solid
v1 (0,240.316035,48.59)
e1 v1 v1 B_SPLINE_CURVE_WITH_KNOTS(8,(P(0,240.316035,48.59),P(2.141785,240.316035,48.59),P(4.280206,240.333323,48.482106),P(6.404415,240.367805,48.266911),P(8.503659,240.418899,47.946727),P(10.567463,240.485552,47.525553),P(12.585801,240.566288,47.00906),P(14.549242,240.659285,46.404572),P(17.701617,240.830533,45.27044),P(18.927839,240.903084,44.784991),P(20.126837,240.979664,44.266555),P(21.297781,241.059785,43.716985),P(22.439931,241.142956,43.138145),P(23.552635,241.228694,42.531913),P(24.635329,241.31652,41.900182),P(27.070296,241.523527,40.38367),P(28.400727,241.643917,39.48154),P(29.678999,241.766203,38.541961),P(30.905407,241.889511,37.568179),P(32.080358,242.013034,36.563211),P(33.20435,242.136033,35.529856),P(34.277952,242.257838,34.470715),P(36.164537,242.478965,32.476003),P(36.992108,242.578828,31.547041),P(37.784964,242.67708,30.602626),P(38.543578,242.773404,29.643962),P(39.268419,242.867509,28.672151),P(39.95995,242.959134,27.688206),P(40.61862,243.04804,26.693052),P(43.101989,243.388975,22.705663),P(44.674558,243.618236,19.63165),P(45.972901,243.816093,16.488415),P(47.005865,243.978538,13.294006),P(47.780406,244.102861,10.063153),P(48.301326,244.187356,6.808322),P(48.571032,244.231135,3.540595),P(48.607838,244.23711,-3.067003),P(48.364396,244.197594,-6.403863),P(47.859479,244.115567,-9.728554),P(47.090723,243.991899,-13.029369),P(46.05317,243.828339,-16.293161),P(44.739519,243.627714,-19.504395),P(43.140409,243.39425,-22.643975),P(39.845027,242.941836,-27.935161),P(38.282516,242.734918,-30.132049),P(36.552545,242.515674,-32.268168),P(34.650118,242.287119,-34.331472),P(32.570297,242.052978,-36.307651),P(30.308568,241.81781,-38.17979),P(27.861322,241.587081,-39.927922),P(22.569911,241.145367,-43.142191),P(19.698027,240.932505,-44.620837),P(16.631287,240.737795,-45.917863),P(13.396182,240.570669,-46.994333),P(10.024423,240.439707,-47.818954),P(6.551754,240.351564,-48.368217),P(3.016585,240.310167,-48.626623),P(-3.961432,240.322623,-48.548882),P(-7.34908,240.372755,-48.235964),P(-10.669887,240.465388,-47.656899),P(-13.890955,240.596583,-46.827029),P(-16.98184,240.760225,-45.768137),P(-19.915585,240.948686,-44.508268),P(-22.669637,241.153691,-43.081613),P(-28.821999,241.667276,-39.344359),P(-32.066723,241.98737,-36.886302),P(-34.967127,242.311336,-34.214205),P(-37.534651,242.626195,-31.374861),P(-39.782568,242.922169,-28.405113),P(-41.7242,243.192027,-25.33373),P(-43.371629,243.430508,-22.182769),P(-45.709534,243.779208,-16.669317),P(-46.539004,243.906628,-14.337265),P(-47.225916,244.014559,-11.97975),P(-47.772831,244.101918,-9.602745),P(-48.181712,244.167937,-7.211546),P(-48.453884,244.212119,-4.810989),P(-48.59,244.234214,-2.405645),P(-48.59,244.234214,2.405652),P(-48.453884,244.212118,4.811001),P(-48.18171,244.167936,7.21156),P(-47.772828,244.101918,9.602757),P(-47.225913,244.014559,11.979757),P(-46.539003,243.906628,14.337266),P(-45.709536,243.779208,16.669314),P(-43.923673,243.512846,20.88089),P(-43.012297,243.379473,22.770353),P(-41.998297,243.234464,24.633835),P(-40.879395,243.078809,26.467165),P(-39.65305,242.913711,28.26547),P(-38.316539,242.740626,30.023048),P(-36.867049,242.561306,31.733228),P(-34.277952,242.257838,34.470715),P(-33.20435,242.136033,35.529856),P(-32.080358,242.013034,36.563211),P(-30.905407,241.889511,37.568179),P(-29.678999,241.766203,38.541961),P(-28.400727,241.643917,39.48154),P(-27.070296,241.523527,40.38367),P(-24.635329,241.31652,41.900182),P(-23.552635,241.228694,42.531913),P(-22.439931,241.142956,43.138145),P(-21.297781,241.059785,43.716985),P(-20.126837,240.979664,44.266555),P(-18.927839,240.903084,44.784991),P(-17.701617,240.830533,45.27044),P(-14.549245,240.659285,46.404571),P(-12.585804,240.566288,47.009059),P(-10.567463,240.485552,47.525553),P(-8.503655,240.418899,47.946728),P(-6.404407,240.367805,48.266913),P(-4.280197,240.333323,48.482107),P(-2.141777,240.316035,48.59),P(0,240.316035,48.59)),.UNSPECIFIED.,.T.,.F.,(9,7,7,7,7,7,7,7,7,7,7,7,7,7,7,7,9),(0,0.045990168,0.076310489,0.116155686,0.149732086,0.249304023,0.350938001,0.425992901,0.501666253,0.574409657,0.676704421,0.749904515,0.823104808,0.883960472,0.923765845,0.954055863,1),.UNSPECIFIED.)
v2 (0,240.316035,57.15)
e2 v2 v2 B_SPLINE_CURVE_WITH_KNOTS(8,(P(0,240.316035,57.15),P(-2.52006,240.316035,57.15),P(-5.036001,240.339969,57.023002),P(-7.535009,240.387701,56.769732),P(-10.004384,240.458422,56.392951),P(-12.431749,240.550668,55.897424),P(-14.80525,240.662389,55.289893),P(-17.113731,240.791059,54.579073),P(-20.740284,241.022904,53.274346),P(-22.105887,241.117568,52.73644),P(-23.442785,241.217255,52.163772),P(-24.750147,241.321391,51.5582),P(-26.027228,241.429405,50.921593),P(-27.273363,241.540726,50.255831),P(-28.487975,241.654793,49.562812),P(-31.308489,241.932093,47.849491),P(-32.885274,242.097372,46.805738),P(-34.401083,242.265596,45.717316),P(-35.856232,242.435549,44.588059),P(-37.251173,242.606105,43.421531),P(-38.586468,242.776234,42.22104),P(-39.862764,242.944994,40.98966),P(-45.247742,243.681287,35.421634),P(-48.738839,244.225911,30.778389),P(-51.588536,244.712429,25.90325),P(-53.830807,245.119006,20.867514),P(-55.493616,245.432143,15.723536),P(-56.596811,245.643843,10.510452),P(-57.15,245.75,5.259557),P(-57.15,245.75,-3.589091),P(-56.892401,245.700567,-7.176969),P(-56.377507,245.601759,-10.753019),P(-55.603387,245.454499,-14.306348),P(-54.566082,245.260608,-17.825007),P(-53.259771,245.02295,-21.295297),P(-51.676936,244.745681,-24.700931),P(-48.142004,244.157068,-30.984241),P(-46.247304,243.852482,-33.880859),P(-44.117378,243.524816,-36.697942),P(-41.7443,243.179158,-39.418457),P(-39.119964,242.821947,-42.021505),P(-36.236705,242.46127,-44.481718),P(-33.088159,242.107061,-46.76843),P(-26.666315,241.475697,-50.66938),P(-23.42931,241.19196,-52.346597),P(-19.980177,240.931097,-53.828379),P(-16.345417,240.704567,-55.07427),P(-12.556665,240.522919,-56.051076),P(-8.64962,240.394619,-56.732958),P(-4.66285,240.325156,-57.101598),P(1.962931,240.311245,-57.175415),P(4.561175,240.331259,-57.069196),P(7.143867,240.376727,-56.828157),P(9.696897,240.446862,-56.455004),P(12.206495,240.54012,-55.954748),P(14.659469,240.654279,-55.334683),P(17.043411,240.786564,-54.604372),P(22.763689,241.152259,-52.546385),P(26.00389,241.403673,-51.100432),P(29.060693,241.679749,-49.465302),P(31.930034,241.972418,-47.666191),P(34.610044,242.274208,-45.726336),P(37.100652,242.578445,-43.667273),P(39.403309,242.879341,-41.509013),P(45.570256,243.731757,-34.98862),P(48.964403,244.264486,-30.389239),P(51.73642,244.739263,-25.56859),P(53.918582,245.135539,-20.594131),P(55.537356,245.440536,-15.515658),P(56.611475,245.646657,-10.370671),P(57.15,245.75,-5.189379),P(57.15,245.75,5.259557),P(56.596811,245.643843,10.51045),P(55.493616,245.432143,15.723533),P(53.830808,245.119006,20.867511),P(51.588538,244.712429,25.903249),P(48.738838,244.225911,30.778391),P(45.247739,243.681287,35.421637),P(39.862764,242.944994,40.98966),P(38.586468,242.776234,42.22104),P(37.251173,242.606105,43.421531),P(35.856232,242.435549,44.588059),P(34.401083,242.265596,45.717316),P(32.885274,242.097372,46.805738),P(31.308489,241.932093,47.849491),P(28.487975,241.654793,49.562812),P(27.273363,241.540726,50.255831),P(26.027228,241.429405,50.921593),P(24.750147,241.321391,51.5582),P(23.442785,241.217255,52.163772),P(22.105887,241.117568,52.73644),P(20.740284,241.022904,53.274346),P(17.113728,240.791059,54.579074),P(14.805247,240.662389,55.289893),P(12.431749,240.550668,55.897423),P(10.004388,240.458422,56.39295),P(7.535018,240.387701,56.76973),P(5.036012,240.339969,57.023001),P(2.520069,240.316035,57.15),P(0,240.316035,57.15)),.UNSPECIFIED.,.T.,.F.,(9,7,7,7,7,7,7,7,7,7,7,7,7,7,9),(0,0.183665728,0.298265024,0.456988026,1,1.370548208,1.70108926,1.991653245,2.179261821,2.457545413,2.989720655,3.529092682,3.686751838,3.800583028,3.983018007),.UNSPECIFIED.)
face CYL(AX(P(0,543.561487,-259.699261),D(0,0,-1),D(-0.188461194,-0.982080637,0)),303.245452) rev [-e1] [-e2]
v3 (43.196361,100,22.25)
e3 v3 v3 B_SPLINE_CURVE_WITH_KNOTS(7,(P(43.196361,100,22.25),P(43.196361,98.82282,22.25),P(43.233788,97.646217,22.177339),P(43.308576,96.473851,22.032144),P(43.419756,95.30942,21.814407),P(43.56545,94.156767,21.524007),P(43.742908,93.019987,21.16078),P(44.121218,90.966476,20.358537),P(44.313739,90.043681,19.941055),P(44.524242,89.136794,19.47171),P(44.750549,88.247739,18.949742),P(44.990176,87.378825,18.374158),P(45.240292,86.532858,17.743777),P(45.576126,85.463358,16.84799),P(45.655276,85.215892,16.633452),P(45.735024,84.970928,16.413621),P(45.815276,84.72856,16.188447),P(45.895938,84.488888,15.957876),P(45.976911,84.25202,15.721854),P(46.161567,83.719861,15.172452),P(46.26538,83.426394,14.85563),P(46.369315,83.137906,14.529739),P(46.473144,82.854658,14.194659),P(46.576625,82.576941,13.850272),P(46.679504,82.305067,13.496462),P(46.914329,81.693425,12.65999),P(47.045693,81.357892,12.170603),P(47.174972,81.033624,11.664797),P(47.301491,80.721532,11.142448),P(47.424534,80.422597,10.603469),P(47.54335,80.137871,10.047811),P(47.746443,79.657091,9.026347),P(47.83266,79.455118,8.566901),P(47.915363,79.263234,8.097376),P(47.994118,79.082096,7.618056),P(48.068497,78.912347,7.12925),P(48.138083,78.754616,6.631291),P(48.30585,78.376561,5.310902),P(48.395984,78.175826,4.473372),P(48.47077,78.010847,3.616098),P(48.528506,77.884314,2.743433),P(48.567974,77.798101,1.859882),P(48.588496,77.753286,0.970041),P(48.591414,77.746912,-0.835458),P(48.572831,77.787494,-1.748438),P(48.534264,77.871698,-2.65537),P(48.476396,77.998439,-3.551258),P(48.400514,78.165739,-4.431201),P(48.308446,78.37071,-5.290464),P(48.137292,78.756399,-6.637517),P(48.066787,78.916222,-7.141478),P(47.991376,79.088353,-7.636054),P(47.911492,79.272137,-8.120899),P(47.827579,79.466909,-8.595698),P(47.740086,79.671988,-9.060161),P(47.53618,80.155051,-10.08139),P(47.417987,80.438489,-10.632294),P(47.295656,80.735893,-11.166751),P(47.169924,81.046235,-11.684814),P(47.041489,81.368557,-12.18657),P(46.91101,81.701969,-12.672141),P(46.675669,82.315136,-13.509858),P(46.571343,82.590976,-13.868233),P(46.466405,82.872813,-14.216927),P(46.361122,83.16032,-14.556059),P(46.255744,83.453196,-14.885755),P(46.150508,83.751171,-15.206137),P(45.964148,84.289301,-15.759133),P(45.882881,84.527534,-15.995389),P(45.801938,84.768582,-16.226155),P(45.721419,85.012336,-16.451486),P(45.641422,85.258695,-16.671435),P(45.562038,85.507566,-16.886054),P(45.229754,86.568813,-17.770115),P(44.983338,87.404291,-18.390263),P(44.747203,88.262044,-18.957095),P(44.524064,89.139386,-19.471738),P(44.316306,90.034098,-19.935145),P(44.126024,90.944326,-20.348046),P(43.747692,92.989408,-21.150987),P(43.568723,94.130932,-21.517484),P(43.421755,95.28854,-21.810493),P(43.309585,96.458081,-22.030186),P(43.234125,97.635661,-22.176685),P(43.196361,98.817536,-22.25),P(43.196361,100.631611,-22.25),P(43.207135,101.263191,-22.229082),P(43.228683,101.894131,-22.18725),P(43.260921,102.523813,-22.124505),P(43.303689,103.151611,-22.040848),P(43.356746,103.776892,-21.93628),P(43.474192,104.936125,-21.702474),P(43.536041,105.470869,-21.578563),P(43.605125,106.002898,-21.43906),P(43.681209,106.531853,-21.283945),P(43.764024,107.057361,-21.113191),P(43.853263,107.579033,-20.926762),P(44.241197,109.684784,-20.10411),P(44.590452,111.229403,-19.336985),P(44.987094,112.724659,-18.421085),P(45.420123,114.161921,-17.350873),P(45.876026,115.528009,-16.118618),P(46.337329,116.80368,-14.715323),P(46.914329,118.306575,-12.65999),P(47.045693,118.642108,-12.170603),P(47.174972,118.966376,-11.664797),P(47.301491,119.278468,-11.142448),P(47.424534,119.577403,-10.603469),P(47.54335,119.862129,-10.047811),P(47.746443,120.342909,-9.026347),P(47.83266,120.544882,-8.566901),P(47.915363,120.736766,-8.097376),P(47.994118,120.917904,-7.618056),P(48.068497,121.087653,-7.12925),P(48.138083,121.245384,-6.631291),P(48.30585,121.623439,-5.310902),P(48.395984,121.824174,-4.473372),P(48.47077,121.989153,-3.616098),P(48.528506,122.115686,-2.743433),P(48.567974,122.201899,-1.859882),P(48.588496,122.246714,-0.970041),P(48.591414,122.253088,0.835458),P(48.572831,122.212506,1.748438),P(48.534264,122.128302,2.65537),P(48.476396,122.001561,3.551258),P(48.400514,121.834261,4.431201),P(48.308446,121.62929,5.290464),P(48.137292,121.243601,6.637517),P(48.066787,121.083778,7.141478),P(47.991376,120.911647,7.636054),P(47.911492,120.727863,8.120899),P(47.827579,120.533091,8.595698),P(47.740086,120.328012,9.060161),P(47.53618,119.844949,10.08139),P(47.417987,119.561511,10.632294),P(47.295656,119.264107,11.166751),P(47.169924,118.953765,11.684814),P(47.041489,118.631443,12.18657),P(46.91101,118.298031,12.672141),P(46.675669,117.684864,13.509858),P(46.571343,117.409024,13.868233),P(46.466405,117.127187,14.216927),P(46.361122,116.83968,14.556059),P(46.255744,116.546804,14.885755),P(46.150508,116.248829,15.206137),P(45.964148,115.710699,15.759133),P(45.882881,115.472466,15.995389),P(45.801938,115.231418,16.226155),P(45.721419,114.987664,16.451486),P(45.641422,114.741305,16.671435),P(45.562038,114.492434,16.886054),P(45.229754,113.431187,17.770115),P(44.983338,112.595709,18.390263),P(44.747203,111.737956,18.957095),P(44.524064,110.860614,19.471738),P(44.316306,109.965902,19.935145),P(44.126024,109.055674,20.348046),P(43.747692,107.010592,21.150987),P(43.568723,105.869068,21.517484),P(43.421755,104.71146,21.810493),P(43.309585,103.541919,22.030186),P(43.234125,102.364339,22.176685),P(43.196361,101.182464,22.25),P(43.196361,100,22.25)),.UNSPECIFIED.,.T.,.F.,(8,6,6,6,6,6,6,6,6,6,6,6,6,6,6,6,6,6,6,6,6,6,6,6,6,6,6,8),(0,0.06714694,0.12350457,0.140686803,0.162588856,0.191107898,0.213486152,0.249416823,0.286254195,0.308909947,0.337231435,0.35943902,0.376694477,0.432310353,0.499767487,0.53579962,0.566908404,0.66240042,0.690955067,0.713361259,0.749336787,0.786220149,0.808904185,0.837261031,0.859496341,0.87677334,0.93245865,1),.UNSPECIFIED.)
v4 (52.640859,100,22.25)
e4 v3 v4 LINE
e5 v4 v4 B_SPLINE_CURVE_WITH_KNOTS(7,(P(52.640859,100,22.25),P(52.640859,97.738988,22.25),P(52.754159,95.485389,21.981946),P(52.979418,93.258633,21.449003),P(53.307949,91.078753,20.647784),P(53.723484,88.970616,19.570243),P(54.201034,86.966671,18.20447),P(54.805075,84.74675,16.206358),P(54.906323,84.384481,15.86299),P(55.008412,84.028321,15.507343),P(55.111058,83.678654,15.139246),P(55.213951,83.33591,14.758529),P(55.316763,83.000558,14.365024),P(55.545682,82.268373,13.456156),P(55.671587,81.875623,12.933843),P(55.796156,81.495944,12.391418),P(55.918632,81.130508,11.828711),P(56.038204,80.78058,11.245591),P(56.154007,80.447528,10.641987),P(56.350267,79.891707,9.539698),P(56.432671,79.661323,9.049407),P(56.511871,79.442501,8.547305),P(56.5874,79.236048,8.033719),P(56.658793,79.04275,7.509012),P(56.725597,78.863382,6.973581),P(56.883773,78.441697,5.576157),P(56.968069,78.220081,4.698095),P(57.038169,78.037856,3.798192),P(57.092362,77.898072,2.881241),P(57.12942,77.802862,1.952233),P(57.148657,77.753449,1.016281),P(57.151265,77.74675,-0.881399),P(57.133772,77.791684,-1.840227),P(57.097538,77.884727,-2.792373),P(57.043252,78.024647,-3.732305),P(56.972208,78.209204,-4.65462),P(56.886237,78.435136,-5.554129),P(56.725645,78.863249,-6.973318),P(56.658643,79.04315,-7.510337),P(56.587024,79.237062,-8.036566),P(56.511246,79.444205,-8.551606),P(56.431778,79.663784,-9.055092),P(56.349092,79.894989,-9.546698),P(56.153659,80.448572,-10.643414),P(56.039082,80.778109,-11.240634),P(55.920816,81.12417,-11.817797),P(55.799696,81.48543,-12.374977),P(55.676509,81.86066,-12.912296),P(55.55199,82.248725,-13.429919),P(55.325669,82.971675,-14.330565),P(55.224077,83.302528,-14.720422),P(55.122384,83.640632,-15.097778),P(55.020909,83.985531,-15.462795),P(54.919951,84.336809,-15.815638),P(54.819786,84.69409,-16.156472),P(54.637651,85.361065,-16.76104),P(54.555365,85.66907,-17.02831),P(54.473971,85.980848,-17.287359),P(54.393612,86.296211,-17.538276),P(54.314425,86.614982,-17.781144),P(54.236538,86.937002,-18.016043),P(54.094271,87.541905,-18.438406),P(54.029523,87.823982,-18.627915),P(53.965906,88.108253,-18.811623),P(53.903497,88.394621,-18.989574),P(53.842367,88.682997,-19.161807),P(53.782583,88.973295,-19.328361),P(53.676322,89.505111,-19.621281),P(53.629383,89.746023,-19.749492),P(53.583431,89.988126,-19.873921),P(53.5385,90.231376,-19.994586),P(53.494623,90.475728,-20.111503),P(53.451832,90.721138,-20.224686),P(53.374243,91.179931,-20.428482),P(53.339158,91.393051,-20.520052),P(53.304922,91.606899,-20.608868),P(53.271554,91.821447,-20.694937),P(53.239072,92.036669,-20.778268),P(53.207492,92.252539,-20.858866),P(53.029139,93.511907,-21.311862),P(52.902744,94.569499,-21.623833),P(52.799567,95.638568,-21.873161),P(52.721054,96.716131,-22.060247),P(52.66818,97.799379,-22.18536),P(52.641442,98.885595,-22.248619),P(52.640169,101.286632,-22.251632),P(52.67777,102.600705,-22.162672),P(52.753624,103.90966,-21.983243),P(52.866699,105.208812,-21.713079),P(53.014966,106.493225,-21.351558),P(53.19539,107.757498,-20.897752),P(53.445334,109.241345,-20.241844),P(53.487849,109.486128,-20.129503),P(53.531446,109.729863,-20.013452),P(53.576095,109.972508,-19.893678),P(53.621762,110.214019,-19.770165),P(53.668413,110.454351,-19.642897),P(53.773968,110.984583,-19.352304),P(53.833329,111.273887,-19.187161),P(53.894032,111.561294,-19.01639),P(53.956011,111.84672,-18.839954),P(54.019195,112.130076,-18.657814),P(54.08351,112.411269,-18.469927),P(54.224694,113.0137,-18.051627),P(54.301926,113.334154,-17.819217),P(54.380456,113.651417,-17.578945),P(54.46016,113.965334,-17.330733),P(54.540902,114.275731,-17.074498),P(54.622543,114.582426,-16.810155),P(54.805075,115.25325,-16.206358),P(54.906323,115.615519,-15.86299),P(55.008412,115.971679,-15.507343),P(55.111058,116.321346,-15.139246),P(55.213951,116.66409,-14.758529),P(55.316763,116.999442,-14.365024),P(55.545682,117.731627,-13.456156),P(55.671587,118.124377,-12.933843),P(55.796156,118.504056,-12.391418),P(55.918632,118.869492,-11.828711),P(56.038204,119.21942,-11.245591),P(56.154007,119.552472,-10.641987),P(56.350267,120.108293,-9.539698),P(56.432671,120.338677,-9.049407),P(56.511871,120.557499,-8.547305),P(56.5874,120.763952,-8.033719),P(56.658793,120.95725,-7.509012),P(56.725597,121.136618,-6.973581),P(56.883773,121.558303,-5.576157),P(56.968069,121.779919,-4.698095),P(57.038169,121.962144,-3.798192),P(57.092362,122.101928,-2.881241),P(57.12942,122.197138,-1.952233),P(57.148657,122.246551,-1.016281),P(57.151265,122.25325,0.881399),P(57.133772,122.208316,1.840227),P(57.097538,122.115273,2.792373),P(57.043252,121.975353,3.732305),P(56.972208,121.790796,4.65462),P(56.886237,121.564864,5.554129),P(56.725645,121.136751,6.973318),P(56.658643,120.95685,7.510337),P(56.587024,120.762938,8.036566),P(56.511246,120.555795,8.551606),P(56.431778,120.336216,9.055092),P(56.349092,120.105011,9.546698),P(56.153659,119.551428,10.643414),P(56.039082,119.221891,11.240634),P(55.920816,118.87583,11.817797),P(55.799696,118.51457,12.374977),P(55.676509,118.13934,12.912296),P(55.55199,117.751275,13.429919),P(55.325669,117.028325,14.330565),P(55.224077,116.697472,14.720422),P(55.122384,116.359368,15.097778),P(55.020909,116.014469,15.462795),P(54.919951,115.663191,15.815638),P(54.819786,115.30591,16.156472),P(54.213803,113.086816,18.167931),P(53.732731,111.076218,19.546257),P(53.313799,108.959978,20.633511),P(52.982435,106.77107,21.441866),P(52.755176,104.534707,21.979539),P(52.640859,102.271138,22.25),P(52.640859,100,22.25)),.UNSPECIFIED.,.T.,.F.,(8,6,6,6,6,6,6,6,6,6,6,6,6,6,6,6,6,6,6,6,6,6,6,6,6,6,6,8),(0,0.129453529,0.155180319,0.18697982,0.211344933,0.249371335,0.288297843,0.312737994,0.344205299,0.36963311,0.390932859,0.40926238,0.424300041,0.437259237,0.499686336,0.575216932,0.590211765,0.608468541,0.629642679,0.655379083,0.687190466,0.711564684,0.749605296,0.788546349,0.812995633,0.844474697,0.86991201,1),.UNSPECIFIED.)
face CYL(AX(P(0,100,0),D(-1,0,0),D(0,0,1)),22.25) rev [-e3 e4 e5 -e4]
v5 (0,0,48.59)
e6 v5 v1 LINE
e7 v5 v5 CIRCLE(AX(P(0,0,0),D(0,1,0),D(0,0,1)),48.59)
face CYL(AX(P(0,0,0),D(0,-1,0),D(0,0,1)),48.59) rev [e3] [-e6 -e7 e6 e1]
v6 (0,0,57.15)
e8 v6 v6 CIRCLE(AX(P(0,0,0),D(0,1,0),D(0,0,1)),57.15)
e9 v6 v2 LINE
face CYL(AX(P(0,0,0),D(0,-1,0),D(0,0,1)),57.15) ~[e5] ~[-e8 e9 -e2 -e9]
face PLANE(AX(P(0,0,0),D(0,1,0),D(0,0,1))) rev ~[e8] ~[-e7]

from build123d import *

# Parameters (mm, degrees)
SKETCH1_R               = 57.15
SKETCH1_R_2             = 48.59
BOSS_EXTRUDE1_DEPTH     = 245.75
CUT_EXTRUDE1_DEPTH      = 259.699260726
CUT_EXTRUDE1_DEPTH_BACK = 259.699260726
SKETCH3_R               = 22.25
CUT_EXTRUDE2_DEPTH      = 111


with BuildPart() as part:
    # Sketch1 → Boss-Extrude1 (new body)
    with BuildSketch(Plane(origin=(0, 0, 0), x_dir=(1, 0, 0), z_dir=(0, 1, 0))):
        with Locations(Location((0, 0, 0), (0, 0, 270))):
            Circle(SKETCH1_R)
        with Locations(Location((0, 0, 0), (0, 0, 270))):
            Circle(SKETCH1_R_2, mode=Mode.SUBTRACT)
    extrude(amount=BOSS_EXTRUDE1_DEPTH)

    # Sketch2 → Cut-Extrude1 (cut, two sides: drawn at the far end of the back side and taken through both)
    with BuildSketch(Plane.XY.offset(-CUT_EXTRUDE1_DEPTH_BACK)):
        with BuildLine():
            Line((57.15, 245.75), (-57.15, 245.75))
            ThreePointArc((-57.15, 245.75), (0, 240.316034778), (57.15, 245.75))
        make_face()
    extrude(amount=CUT_EXTRUDE1_DEPTH + CUT_EXTRUDE1_DEPTH_BACK, mode=Mode.SUBTRACT)

    # Sketch3 → Cut-Extrude2 (cut)
    with BuildSketch(Plane(origin=(0, 0, 0), x_dir=(0, 0, -1), z_dir=(1, 0, 0))):
        with Locations(Location((0, 100, 0), (0, 0, 180))):
            Circle(SKETCH3_R)
    extrude(amount=CUT_EXTRUDE2_DEPTH, mode=Mode.SUBTRACT)


solid = part.part
